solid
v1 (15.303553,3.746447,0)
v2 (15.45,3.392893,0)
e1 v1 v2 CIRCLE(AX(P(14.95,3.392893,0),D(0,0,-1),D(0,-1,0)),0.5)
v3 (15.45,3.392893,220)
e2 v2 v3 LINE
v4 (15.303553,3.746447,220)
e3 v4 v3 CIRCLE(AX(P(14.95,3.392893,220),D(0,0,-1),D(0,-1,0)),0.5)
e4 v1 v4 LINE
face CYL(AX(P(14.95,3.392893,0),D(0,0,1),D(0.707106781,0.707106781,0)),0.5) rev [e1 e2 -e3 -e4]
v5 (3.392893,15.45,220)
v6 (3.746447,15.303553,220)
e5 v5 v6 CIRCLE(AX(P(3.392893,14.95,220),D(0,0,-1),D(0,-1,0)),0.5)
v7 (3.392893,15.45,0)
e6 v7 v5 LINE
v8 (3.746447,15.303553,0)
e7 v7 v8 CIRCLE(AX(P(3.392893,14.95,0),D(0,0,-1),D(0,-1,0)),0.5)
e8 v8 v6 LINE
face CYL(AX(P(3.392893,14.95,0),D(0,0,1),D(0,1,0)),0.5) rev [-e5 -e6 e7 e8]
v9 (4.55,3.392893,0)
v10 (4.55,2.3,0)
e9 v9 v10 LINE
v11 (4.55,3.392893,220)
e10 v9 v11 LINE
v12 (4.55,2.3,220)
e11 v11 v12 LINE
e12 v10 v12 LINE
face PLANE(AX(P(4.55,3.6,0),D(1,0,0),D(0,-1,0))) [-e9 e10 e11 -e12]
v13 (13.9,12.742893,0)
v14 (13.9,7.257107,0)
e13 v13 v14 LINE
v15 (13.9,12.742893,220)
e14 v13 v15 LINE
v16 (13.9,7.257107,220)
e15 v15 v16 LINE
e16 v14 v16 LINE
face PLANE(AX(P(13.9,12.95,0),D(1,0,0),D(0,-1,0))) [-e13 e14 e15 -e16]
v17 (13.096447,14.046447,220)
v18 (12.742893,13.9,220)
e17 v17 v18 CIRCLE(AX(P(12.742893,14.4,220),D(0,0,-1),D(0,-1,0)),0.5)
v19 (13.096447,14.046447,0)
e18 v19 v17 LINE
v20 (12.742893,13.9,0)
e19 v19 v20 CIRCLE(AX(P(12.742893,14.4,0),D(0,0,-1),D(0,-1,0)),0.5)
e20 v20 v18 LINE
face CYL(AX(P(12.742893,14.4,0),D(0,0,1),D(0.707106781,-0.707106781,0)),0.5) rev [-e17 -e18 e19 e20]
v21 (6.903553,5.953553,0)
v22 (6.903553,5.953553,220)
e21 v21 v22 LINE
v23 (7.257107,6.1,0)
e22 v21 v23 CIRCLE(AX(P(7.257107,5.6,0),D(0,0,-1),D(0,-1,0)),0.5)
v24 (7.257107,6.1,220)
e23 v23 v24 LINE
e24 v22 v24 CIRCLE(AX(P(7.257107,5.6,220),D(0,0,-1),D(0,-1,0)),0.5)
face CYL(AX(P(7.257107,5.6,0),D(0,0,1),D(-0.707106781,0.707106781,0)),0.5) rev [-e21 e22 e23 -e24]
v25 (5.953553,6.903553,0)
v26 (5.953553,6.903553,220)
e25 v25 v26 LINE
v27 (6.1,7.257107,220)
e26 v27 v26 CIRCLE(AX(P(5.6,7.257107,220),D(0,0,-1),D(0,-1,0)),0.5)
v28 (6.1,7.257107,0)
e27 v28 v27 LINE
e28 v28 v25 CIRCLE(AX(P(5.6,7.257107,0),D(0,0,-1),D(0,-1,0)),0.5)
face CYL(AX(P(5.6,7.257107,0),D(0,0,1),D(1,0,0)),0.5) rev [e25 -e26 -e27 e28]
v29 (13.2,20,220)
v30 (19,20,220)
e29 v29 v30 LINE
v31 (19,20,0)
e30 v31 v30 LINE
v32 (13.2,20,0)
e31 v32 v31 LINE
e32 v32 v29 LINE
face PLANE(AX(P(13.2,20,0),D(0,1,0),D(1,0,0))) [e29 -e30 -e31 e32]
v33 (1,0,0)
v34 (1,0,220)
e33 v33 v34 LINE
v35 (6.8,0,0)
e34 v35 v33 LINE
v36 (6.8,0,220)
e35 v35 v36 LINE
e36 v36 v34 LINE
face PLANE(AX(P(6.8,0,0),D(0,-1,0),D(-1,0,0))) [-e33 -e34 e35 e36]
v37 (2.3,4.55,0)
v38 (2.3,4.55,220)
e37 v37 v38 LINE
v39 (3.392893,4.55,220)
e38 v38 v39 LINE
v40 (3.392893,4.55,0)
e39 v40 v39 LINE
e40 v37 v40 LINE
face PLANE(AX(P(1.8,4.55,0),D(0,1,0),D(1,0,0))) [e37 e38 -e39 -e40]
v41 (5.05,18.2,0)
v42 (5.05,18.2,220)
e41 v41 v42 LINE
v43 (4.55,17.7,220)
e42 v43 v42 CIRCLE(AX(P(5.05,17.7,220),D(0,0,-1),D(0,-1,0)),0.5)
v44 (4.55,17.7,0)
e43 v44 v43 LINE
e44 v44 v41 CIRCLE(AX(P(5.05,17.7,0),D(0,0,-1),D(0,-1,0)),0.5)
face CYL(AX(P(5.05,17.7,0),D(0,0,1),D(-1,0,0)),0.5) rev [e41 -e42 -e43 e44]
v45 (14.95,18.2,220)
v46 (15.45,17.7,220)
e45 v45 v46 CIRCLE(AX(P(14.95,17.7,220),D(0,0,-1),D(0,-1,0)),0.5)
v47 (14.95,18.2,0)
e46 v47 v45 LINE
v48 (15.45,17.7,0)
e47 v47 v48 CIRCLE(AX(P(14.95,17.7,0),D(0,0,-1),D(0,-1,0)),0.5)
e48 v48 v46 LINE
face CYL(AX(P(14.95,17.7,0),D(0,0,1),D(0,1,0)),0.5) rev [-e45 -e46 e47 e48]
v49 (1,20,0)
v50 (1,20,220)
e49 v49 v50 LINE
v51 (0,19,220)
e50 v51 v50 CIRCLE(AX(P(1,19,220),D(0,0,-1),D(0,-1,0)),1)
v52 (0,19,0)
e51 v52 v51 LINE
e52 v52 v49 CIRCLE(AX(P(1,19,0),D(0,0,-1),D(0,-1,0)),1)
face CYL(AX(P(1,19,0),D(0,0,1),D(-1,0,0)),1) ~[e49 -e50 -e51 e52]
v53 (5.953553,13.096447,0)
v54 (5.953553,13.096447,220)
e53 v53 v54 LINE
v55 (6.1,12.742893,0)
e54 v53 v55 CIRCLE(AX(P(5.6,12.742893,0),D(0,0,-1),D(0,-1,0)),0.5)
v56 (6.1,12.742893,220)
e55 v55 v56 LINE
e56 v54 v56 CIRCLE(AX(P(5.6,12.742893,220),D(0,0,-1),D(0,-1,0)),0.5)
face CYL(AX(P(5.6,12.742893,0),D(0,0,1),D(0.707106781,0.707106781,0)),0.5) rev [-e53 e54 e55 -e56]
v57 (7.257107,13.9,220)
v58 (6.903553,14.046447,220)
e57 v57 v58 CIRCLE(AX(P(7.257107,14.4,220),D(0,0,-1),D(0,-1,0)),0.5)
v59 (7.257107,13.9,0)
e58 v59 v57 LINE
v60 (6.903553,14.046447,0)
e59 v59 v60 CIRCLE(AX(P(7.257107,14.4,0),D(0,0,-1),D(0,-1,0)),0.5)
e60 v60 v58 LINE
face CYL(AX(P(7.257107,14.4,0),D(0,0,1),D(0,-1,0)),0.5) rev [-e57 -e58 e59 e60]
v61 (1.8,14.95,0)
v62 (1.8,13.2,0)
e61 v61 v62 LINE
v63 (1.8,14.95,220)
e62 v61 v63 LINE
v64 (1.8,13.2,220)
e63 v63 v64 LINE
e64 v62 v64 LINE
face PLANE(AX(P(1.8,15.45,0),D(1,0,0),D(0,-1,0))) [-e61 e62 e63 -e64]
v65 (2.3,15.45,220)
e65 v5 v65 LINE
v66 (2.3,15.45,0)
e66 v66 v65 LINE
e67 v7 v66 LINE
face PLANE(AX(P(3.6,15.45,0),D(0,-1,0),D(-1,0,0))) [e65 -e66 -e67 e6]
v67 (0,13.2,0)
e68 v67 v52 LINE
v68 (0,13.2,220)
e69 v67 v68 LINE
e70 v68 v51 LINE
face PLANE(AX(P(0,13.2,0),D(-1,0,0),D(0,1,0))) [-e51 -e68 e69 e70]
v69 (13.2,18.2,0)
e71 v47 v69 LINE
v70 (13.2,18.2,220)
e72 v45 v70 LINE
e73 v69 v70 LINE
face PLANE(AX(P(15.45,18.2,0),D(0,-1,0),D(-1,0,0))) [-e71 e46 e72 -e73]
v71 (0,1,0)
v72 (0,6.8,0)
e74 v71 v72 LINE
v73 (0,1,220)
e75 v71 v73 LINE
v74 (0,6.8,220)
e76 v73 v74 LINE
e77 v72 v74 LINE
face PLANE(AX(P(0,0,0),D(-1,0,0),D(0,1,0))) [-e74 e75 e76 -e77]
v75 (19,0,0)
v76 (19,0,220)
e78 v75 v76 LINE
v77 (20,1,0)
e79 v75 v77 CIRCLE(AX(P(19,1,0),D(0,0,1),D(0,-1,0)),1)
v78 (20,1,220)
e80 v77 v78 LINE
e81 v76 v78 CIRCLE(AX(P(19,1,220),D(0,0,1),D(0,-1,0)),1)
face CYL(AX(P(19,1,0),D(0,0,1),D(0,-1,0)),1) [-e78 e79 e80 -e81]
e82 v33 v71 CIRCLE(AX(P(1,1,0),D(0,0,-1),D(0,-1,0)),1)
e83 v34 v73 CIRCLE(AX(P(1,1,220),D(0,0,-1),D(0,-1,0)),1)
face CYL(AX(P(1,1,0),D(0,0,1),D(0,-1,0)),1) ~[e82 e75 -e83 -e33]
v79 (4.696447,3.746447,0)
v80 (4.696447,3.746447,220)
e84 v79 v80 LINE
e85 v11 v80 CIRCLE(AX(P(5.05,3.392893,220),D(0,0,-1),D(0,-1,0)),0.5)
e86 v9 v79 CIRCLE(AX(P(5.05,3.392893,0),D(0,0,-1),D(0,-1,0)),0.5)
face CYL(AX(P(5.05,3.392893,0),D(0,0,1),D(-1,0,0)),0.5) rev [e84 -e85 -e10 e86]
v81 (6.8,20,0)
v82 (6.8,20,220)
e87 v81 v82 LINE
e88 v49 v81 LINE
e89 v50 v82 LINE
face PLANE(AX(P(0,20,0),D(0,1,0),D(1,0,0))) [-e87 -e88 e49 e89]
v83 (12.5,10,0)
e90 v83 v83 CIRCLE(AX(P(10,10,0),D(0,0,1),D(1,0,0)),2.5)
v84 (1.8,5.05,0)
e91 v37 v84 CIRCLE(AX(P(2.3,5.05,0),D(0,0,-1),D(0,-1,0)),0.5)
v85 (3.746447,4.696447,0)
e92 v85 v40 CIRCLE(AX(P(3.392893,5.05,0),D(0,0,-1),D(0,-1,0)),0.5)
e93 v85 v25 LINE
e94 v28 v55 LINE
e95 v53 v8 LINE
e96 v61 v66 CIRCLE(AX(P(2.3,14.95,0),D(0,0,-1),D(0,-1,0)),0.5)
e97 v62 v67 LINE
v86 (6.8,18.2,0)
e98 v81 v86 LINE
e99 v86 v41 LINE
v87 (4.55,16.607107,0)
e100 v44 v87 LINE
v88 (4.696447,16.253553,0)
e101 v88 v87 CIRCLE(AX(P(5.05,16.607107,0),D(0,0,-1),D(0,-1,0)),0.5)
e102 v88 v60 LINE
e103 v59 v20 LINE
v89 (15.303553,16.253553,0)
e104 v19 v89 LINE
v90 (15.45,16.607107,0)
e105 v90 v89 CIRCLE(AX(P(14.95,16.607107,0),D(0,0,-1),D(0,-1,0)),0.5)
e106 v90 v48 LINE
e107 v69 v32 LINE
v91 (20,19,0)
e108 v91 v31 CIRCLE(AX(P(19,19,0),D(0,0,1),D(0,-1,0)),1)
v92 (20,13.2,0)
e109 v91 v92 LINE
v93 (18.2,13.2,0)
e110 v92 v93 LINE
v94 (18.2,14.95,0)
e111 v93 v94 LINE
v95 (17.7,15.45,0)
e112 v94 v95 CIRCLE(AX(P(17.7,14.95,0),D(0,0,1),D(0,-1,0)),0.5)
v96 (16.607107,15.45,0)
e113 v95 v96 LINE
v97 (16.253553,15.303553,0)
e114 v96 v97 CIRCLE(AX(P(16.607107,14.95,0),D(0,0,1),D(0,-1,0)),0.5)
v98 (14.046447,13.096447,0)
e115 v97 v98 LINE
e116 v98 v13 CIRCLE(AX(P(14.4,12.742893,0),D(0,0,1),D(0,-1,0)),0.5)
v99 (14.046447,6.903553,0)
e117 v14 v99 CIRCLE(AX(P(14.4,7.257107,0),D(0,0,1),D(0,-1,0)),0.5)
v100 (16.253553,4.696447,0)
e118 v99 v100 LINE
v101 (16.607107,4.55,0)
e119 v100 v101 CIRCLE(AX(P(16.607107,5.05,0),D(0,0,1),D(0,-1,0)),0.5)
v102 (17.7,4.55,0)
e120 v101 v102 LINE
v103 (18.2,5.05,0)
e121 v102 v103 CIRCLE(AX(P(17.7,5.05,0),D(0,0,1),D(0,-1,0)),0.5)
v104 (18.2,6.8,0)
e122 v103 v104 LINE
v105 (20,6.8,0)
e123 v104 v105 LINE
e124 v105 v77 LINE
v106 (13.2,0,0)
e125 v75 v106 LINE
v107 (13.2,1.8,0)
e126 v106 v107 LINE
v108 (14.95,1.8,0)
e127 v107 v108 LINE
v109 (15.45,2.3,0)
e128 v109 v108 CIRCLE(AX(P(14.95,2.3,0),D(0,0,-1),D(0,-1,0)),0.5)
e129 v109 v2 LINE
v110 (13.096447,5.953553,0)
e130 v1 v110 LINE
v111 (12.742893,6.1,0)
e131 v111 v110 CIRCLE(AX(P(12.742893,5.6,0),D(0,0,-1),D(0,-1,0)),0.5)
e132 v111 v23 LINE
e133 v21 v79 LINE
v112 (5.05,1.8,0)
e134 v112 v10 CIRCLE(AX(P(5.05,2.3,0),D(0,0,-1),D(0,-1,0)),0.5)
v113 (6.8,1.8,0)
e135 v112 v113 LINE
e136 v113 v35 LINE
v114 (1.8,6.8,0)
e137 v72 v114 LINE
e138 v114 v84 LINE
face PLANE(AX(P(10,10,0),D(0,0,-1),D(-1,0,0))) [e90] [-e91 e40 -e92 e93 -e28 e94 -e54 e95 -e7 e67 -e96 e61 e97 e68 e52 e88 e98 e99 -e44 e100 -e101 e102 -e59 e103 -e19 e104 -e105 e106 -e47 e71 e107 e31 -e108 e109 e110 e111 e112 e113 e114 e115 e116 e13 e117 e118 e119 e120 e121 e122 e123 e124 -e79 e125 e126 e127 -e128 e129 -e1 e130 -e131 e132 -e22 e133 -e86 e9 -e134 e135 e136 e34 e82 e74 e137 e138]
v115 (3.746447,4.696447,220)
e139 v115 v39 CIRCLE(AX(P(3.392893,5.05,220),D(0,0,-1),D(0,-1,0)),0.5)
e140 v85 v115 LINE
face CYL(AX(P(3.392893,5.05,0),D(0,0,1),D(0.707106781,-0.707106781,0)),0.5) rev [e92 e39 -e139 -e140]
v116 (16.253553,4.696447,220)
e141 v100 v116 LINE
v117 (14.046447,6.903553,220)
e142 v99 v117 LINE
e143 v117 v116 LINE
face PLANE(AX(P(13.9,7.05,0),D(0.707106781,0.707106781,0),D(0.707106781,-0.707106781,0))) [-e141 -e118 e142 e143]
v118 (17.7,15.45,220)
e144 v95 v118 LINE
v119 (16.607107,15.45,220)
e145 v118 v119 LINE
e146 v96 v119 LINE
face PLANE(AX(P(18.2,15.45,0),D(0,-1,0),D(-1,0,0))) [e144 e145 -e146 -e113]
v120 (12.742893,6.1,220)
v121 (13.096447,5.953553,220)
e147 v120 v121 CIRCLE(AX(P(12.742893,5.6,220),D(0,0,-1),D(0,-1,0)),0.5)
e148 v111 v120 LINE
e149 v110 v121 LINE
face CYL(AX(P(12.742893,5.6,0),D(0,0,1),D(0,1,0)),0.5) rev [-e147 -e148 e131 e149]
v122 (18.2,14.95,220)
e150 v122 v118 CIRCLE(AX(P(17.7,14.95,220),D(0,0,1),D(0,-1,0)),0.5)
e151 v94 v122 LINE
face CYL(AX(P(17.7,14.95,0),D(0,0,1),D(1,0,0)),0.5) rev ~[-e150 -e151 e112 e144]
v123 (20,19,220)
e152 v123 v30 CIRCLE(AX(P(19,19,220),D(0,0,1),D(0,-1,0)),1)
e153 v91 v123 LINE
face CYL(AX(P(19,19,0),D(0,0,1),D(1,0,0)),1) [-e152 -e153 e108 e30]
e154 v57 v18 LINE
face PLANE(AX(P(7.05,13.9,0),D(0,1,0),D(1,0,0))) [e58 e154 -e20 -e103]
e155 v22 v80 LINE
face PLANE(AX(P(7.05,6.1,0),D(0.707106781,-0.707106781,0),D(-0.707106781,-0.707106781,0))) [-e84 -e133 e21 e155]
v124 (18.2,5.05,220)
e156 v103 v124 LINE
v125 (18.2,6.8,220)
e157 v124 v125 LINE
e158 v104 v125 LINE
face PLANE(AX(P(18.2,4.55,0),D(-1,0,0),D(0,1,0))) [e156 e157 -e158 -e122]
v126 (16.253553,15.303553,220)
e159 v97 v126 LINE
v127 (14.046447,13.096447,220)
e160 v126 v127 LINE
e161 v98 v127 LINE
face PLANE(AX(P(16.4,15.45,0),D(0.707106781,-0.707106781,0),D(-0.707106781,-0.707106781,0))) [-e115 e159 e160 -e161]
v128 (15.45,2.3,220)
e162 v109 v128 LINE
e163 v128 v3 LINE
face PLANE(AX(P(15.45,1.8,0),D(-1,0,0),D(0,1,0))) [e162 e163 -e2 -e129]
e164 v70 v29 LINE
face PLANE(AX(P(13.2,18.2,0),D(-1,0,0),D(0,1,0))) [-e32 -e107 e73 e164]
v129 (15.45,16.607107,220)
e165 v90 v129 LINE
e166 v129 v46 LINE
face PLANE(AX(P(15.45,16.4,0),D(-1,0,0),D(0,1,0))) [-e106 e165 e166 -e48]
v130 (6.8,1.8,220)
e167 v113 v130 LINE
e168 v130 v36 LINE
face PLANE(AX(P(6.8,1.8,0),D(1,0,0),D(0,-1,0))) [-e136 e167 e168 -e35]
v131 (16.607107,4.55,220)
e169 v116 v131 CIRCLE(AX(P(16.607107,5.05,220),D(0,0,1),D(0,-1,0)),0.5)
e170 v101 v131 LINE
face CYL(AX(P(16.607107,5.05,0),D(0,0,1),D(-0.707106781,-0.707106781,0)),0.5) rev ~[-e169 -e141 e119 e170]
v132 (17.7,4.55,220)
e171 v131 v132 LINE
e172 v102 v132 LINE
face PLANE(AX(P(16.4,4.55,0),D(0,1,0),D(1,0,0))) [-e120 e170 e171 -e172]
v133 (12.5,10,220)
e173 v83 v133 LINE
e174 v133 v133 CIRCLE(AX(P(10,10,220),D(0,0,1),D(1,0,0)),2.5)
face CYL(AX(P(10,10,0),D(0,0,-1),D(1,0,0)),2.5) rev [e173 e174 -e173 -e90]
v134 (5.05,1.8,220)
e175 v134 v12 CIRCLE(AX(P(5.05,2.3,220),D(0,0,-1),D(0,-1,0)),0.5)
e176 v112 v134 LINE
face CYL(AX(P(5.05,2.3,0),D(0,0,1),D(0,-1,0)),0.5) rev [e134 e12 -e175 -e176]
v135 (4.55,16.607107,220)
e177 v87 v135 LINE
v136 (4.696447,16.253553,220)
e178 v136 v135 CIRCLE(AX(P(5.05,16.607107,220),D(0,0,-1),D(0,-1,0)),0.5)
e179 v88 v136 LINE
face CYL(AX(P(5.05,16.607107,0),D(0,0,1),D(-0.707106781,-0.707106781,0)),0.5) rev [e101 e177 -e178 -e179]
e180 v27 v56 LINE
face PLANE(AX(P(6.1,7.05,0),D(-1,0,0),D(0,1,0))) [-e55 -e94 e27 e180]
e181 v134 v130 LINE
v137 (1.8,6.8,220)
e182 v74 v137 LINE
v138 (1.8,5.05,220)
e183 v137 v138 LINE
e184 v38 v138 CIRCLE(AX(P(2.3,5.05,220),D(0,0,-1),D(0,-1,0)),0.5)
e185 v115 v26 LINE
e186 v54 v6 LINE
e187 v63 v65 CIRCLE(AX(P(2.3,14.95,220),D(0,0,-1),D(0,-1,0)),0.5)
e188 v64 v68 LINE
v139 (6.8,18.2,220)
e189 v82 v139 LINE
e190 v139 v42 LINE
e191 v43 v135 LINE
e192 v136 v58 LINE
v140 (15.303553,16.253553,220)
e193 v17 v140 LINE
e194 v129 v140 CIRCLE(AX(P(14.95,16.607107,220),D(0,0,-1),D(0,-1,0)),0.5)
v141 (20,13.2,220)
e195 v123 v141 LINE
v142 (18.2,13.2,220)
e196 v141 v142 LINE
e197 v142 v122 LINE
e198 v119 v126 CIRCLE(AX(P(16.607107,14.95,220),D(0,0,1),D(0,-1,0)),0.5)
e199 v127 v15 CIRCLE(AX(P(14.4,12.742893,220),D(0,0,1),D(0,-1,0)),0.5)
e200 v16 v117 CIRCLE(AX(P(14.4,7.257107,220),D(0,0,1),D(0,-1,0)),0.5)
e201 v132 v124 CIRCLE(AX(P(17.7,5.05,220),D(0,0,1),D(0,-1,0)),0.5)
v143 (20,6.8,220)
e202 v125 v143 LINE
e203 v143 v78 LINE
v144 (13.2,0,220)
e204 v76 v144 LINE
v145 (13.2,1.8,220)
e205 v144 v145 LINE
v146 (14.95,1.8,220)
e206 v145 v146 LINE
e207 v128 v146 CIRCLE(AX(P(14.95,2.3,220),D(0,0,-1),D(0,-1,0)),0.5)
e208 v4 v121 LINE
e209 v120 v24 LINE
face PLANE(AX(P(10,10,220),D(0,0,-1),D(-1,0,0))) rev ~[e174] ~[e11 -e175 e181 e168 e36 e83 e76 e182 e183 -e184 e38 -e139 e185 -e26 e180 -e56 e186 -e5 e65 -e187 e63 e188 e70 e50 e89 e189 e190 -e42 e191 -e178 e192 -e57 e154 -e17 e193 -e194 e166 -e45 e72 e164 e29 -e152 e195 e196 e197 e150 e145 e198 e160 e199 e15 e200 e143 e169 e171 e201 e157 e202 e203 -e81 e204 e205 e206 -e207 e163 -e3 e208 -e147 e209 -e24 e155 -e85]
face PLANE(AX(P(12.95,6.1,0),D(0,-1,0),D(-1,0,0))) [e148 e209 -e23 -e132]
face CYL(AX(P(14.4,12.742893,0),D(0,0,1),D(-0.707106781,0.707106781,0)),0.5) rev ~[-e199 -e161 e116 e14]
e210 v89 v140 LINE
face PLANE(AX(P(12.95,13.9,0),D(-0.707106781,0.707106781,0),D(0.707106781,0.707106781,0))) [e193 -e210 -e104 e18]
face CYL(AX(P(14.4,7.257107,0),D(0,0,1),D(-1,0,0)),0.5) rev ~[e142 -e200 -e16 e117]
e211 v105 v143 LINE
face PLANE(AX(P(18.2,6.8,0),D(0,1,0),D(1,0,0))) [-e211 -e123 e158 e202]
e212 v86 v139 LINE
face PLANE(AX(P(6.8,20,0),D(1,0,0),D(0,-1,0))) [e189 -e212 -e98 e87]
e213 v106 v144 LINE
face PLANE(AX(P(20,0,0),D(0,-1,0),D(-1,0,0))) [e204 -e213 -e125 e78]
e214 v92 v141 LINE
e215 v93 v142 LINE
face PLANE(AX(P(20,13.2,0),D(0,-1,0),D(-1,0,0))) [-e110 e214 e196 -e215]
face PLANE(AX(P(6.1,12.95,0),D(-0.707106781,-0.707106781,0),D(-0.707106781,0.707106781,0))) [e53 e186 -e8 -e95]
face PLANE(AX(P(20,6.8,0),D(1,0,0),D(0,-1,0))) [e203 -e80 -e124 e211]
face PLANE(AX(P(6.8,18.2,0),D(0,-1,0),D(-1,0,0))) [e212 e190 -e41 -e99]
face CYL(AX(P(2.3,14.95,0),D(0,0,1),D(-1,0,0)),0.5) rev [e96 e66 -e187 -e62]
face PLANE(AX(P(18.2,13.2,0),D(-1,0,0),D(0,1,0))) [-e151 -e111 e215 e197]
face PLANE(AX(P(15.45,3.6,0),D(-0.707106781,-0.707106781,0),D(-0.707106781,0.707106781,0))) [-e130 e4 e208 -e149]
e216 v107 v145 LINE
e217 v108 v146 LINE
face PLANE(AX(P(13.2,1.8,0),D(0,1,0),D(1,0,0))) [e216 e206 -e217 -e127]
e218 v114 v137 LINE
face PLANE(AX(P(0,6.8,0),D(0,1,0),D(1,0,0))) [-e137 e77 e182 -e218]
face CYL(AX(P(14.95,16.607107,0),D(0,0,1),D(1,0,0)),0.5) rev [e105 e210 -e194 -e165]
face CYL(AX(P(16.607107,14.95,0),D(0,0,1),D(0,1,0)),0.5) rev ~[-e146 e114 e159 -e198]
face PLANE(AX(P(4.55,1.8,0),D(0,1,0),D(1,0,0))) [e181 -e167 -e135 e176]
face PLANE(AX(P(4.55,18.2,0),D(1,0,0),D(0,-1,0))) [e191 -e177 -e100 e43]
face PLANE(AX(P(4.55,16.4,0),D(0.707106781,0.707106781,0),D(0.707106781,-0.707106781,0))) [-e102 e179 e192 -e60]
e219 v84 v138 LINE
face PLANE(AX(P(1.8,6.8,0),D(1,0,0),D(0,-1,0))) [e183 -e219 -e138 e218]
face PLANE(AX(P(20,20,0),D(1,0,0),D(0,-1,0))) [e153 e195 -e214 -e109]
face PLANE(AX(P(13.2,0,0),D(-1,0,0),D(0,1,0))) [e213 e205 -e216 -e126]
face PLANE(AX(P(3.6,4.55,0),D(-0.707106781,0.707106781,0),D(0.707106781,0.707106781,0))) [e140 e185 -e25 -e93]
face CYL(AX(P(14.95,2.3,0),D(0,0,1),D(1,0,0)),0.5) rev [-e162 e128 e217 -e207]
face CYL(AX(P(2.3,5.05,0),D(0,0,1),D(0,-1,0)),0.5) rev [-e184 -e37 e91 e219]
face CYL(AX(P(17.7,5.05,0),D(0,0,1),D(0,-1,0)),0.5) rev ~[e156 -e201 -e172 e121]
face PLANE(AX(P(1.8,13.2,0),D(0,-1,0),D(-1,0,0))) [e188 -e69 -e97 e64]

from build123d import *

# Parameters (mm, degrees)
SKETCH1_R           = 2.5
BOSS_EXTRUDE1_DEPTH = 220
FILLET1_R           = 1
FILLET2_R           = 0.5
FILLET3_R           = 0.5
FILLET4_R           = 0.5
FILLET5_R           = 0.5


with BuildPart() as part:
    # Sketch1 → Boss-Extrude1 (new body)
    with BuildSketch(Plane.XY):
        Polygon((13.2, 0), (13.2, 1.8), (15.45, 1.8), (15.45, 3.6), (12.95, 6.1), (7.05, 6.1), (4.55, 3.6), (4.55, 1.8), (6.8, 1.8), (6.8, 0), (0, 0), (0, 6.8), (1.8, 6.8), (1.8, 4.55), (3.6, 4.55), (6.1, 7.05), (6.1, 12.95), (3.6, 15.45), (1.8, 15.45), (1.8, 13.2), (0, 13.2), (0, 20), (6.8, 20), (6.8, 18.2), (4.55, 18.2), (4.55, 16.4), (7.05, 13.9), (12.95, 13.9), (15.45, 16.4), (15.45, 18.2), (13.2, 18.2), (13.2, 20), (20, 20), (20, 13.2), (18.2, 13.2), (18.2, 15.45), (16.4, 15.45), (13.9, 12.95), (13.9, 7.05), (16.4, 4.55), (18.2, 4.55), (18.2, 6.8), (20, 6.8), (20, 0), align=None)
        with Locations((10, 10)):
            Circle(SKETCH1_R, mode=Mode.SUBTRACT)
    extrude(amount=BOSS_EXTRUDE1_DEPTH)

    # Fillet1
    fillet1_edges = [part.edges().sort_by_distance(p)[0] for p in [
        (0, 0, 110),
        (0, 20, 110),
        (20, 20, 110),
        (20, 0, 110),
    ]]
    fillet(fillet1_edges, radius=FILLET1_R)

    # Fillet2
    fillet2_edges = [part.edges().sort_by_distance(p)[0] for p in [
        (4.55, 18.2, 110),
        (4.55, 16.4, 110),
        (7.05, 13.9, 110),
        (12.95, 13.9, 110),
        (15.45, 16.4, 110),
        (15.45, 18.2, 110),
    ]]
    fillet(fillet2_edges, radius=FILLET2_R)

    # Fillet3
    fillet3_edges = [part.edges().sort_by_distance(p)[0] for p in [
        (18.2, 15.45, 110),
        (16.4, 15.45, 110),
        (13.9, 12.95, 110),
        (13.9, 7.05, 110),
        (16.4, 4.55, 110),
        (18.2, 4.55, 110),
    ]]
    fillet(fillet3_edges, radius=FILLET3_R)

    # Fillet4
    fillet4_edges = [part.edges().sort_by_distance(p)[0] for p in [
        (1.8, 4.55, 110),
        (3.6, 4.55, 110),
        (6.1, 7.05, 110),
        (6.1, 12.95, 110),
        (3.6, 15.45, 110),
        (1.8, 15.45, 110),
    ]]
    fillet(fillet4_edges, radius=FILLET4_R)

    # Fillet5
    fillet5_edges = [part.edges().sort_by_distance(p)[0] for p in [
        (15.45, 1.8, 110),
        (15.45, 3.6, 110),
        (12.95, 6.1, 110),
        (7.05, 6.1, 110),
        (4.55, 3.6, 110),
        (4.55, 1.8, 110),
    ]]
    fillet(fillet5_edges, radius=FILLET5_R)


solid = part.part
